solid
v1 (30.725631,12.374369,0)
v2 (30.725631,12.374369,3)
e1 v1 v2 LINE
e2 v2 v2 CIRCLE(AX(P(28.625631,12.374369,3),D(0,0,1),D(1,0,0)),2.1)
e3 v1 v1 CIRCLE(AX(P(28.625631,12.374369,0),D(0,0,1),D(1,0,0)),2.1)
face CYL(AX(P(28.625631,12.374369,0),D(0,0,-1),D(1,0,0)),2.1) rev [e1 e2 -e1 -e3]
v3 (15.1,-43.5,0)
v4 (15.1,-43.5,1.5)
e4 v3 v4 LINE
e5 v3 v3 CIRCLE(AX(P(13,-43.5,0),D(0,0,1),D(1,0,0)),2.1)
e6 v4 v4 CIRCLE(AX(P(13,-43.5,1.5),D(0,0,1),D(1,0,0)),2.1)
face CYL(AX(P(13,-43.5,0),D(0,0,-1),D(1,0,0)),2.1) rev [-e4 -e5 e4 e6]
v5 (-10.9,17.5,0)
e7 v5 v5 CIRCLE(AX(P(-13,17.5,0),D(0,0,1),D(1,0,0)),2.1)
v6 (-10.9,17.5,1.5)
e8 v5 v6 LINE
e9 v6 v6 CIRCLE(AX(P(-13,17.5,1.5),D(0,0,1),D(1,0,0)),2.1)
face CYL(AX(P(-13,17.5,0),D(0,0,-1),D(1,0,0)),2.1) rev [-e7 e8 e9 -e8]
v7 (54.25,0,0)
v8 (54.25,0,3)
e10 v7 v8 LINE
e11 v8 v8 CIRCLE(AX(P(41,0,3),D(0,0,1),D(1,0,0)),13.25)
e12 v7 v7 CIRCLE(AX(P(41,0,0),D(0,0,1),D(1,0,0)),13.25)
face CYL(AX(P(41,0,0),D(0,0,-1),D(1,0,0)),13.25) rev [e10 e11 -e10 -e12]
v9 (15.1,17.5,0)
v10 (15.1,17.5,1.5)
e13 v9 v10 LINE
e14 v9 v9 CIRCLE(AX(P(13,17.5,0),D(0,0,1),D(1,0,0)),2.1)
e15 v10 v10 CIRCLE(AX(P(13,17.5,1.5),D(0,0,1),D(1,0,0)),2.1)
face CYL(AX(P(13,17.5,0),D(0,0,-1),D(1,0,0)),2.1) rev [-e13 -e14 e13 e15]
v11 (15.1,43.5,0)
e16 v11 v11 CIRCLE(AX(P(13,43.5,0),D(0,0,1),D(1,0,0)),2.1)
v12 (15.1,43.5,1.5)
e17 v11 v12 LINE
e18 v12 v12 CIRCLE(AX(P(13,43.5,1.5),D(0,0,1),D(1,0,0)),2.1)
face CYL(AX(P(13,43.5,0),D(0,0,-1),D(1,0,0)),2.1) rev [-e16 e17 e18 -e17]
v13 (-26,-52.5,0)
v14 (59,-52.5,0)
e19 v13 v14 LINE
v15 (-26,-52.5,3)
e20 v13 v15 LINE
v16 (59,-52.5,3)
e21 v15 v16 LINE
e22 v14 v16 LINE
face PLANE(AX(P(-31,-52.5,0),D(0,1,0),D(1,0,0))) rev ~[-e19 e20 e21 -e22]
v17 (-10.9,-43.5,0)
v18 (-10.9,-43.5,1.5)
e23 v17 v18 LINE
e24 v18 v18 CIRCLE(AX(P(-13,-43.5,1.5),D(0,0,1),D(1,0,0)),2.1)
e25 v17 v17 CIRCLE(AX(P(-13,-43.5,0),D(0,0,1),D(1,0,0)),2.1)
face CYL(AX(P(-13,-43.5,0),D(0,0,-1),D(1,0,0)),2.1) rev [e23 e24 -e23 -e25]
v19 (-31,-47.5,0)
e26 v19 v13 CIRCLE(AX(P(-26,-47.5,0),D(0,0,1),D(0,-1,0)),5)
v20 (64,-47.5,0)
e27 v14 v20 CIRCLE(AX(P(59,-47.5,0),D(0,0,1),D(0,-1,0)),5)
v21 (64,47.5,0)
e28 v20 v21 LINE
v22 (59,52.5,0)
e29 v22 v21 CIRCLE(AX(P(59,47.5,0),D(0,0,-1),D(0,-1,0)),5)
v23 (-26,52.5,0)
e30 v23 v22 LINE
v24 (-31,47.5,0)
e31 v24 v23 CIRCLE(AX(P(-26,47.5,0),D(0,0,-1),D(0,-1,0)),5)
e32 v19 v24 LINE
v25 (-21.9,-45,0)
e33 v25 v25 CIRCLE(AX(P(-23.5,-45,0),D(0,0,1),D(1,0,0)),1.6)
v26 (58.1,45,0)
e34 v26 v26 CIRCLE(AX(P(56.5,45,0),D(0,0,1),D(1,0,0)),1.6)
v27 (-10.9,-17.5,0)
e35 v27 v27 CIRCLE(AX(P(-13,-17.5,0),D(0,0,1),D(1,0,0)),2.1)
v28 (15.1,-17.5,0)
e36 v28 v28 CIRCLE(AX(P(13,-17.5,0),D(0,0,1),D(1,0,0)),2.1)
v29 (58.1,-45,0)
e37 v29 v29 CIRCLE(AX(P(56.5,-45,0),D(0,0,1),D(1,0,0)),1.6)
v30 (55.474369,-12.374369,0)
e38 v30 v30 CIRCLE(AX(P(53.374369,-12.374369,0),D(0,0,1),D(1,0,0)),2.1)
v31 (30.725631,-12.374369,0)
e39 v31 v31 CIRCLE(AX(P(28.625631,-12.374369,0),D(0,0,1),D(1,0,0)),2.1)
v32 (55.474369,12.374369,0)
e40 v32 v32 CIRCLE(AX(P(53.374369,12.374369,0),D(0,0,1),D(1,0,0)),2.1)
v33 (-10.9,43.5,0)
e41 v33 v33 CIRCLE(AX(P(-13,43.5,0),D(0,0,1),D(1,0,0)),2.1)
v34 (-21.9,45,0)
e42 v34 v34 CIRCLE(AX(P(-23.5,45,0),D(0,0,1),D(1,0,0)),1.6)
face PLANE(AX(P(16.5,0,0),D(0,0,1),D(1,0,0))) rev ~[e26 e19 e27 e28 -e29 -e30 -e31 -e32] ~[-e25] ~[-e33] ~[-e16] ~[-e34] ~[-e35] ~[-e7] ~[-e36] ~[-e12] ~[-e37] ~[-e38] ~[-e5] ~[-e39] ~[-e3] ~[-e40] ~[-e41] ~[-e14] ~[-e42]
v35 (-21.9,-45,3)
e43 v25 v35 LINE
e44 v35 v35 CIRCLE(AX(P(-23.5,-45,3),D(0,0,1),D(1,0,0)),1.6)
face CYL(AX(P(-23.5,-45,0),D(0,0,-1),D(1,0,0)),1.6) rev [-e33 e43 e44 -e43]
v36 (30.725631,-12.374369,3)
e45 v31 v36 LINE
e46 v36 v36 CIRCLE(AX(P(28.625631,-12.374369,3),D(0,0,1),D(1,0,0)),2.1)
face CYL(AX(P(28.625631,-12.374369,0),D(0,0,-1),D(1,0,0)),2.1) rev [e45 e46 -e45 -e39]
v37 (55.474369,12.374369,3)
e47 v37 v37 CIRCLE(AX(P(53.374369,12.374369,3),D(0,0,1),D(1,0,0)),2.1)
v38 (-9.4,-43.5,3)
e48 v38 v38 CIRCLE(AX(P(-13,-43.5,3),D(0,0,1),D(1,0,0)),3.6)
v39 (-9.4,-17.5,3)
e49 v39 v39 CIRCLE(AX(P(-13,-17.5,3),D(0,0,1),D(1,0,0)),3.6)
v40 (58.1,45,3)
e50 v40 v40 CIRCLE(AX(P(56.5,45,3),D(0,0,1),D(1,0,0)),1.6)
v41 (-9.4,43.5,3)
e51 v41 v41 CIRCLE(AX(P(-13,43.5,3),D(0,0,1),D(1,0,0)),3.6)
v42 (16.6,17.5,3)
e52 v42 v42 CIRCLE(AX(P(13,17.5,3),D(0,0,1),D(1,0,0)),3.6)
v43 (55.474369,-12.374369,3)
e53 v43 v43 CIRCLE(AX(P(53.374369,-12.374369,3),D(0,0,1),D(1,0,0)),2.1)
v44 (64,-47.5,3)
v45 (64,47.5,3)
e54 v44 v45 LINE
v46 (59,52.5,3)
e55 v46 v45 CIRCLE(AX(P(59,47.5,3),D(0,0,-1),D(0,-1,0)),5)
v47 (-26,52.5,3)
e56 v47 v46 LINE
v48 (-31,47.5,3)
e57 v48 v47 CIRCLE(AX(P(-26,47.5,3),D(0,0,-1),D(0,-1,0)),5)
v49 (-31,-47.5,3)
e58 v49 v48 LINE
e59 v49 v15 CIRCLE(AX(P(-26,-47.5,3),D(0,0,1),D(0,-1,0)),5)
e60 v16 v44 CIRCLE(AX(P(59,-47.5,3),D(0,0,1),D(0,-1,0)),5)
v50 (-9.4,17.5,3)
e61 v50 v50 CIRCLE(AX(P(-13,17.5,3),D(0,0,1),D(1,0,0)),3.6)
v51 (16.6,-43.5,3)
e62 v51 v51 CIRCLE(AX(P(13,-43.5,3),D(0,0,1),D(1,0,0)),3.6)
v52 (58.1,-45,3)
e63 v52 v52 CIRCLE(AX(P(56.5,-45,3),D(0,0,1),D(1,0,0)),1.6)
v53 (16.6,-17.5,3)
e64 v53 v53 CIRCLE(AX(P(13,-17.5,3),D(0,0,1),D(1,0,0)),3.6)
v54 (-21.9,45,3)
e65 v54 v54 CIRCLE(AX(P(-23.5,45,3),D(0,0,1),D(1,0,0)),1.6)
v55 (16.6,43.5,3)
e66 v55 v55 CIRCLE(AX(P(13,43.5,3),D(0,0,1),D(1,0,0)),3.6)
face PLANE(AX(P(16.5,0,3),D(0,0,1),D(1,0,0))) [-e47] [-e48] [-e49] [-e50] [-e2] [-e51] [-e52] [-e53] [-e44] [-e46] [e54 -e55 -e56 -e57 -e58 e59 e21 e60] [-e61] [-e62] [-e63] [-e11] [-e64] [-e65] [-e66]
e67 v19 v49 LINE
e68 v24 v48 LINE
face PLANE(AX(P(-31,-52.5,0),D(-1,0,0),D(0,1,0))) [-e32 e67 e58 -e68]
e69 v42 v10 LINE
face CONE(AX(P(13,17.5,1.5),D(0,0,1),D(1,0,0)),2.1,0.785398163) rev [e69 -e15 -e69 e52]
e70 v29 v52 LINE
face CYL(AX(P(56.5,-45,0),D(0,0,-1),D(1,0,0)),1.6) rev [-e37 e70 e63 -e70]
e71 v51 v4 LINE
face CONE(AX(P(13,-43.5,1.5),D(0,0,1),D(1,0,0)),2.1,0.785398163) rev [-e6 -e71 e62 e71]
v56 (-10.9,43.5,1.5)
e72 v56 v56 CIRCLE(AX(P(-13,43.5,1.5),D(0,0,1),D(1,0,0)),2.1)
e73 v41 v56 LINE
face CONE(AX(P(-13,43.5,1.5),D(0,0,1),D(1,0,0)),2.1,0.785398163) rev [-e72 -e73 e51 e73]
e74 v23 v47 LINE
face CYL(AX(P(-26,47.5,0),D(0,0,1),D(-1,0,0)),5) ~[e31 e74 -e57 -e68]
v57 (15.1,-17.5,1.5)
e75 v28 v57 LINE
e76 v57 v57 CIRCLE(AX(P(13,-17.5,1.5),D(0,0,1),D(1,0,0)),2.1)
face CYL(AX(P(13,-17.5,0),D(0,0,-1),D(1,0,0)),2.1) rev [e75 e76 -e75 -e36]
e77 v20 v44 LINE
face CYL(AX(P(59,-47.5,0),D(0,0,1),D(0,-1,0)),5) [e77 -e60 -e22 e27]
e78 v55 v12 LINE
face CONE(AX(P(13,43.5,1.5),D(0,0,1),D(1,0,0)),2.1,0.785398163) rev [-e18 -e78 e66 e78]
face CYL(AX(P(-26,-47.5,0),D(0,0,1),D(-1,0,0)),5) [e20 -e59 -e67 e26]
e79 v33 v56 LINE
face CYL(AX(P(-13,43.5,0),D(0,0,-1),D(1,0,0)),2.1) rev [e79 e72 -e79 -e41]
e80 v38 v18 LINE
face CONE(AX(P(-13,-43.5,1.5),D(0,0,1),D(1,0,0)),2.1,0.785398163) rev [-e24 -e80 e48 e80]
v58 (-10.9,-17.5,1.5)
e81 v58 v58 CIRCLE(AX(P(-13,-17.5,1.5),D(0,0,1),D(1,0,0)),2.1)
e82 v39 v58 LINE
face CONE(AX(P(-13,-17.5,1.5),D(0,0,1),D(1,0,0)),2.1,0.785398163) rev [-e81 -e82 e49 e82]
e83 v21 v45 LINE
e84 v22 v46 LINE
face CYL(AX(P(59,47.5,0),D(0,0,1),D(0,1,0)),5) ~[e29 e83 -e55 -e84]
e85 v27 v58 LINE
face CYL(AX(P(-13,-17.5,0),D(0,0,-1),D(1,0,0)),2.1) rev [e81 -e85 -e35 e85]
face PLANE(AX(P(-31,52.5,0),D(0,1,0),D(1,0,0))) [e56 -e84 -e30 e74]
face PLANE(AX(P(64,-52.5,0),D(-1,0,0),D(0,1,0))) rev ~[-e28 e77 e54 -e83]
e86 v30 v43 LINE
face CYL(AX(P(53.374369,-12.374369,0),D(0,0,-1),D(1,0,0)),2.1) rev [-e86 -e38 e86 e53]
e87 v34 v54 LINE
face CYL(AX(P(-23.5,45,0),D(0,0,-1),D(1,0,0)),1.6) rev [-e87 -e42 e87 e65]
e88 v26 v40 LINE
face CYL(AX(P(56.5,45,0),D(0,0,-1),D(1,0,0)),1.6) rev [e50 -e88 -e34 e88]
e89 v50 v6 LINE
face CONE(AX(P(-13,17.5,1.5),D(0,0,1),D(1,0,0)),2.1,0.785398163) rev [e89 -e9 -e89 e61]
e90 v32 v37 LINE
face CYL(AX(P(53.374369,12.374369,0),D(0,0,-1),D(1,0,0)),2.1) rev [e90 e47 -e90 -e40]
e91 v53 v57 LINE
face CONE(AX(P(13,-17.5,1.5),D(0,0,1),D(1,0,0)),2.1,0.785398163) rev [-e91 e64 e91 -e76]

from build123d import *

# Parameters (mm, degrees)
SKETCH_2_W      = 95
SKETCH_2_H      = 105
SKETCH_2_R      = 2.1
SKETCH_2_R_2    = 13.25
SKETCH_2_R_3    = 1.6
EXTRUDE_1_DEPTH = 3
FILLET_1_R      = 5
CHAMFER_1_SIZE  = 1.5


with BuildPart() as part:
    # ｽｹｯﾁ2 → ﾎﾞｽ - 押し出し1 (new body)
    with BuildSketch(Plane.XY):
        with Locations((16.5, 0)):
            Rectangle(SKETCH_2_W, SKETCH_2_H)
        with Locations((-13, -17.5)):
            Circle(SKETCH_2_R, mode=Mode.SUBTRACT)
        with Locations((-13, -43.5)):
            Circle(SKETCH_2_R, mode=Mode.SUBTRACT)
        with Locations((13, -17.5)):
            Circle(SKETCH_2_R, mode=Mode.SUBTRACT)
        with Locations((13, -43.5)):
            Circle(SKETCH_2_R, mode=Mode.SUBTRACT)
        with Locations((41, 0)):
            Circle(SKETCH_2_R_2, mode=Mode.SUBTRACT)
        with Locations((53.374368671, 12.374368671)):
            Circle(SKETCH_2_R, mode=Mode.SUBTRACT)
        with Locations((28.625631329, -12.374368671)):
            Circle(SKETCH_2_R, mode=Mode.SUBTRACT)
        with Locations((53.374368671, -12.374368671)):
            Circle(SKETCH_2_R, mode=Mode.SUBTRACT)
        with Locations((28.625631329, 12.374368671)):
            Circle(SKETCH_2_R, mode=Mode.SUBTRACT)
        with Locations((-23.5, 45)):
            Circle(SKETCH_2_R_3, mode=Mode.SUBTRACT)
        with Locations((-23.5, -45)):
            Circle(SKETCH_2_R_3, mode=Mode.SUBTRACT)
        with Locations((56.5, -45)):
            Circle(SKETCH_2_R_3, mode=Mode.SUBTRACT)
        with Locations((56.5, 45)):
            Circle(SKETCH_2_R_3, mode=Mode.SUBTRACT)
        with Locations((-13, 17.5)):
            Circle(SKETCH_2_R, mode=Mode.SUBTRACT)
        with Locations((13, 17.5)):
            Circle(SKETCH_2_R, mode=Mode.SUBTRACT)
        with Locations((13, 43.5)):
            Circle(SKETCH_2_R, mode=Mode.SUBTRACT)
        with Locations((-13, 43.5)):
            Circle(SKETCH_2_R, mode=Mode.SUBTRACT)
    extrude(amount=EXTRUDE_1_DEPTH)

    # ﾌｨﾚｯﾄ1
    fillet_1_edges = [part.edges().sort_by_distance(p)[0] for p in [
        (64, -52.5, 1.5),
        (-31, -52.5, 1.5),
        (-31, 52.5, 1.5),
        (64, 52.5, 1.5),
    ]]
    fillet(fillet_1_edges, radius=FILLET_1_R)

    # 面取り1
    chamfer_1_edges = [part.edges().sort_by_distance(p)[0] for p in [
        (-15.1, -17.5, 3),
        (-15.1, -43.5, 3),
        (10.9, -17.5, 3),
        (10.9, -43.5, 3),
        (-15.1, 17.5, 3),
        (10.9, 17.5, 3),
        (10.9, 43.5, 3),
        (-15.1, 43.5, 3),
    ]]
    chamfer(chamfer_1_edges, length=CHAMFER_1_SIZE)


solid = part.part
